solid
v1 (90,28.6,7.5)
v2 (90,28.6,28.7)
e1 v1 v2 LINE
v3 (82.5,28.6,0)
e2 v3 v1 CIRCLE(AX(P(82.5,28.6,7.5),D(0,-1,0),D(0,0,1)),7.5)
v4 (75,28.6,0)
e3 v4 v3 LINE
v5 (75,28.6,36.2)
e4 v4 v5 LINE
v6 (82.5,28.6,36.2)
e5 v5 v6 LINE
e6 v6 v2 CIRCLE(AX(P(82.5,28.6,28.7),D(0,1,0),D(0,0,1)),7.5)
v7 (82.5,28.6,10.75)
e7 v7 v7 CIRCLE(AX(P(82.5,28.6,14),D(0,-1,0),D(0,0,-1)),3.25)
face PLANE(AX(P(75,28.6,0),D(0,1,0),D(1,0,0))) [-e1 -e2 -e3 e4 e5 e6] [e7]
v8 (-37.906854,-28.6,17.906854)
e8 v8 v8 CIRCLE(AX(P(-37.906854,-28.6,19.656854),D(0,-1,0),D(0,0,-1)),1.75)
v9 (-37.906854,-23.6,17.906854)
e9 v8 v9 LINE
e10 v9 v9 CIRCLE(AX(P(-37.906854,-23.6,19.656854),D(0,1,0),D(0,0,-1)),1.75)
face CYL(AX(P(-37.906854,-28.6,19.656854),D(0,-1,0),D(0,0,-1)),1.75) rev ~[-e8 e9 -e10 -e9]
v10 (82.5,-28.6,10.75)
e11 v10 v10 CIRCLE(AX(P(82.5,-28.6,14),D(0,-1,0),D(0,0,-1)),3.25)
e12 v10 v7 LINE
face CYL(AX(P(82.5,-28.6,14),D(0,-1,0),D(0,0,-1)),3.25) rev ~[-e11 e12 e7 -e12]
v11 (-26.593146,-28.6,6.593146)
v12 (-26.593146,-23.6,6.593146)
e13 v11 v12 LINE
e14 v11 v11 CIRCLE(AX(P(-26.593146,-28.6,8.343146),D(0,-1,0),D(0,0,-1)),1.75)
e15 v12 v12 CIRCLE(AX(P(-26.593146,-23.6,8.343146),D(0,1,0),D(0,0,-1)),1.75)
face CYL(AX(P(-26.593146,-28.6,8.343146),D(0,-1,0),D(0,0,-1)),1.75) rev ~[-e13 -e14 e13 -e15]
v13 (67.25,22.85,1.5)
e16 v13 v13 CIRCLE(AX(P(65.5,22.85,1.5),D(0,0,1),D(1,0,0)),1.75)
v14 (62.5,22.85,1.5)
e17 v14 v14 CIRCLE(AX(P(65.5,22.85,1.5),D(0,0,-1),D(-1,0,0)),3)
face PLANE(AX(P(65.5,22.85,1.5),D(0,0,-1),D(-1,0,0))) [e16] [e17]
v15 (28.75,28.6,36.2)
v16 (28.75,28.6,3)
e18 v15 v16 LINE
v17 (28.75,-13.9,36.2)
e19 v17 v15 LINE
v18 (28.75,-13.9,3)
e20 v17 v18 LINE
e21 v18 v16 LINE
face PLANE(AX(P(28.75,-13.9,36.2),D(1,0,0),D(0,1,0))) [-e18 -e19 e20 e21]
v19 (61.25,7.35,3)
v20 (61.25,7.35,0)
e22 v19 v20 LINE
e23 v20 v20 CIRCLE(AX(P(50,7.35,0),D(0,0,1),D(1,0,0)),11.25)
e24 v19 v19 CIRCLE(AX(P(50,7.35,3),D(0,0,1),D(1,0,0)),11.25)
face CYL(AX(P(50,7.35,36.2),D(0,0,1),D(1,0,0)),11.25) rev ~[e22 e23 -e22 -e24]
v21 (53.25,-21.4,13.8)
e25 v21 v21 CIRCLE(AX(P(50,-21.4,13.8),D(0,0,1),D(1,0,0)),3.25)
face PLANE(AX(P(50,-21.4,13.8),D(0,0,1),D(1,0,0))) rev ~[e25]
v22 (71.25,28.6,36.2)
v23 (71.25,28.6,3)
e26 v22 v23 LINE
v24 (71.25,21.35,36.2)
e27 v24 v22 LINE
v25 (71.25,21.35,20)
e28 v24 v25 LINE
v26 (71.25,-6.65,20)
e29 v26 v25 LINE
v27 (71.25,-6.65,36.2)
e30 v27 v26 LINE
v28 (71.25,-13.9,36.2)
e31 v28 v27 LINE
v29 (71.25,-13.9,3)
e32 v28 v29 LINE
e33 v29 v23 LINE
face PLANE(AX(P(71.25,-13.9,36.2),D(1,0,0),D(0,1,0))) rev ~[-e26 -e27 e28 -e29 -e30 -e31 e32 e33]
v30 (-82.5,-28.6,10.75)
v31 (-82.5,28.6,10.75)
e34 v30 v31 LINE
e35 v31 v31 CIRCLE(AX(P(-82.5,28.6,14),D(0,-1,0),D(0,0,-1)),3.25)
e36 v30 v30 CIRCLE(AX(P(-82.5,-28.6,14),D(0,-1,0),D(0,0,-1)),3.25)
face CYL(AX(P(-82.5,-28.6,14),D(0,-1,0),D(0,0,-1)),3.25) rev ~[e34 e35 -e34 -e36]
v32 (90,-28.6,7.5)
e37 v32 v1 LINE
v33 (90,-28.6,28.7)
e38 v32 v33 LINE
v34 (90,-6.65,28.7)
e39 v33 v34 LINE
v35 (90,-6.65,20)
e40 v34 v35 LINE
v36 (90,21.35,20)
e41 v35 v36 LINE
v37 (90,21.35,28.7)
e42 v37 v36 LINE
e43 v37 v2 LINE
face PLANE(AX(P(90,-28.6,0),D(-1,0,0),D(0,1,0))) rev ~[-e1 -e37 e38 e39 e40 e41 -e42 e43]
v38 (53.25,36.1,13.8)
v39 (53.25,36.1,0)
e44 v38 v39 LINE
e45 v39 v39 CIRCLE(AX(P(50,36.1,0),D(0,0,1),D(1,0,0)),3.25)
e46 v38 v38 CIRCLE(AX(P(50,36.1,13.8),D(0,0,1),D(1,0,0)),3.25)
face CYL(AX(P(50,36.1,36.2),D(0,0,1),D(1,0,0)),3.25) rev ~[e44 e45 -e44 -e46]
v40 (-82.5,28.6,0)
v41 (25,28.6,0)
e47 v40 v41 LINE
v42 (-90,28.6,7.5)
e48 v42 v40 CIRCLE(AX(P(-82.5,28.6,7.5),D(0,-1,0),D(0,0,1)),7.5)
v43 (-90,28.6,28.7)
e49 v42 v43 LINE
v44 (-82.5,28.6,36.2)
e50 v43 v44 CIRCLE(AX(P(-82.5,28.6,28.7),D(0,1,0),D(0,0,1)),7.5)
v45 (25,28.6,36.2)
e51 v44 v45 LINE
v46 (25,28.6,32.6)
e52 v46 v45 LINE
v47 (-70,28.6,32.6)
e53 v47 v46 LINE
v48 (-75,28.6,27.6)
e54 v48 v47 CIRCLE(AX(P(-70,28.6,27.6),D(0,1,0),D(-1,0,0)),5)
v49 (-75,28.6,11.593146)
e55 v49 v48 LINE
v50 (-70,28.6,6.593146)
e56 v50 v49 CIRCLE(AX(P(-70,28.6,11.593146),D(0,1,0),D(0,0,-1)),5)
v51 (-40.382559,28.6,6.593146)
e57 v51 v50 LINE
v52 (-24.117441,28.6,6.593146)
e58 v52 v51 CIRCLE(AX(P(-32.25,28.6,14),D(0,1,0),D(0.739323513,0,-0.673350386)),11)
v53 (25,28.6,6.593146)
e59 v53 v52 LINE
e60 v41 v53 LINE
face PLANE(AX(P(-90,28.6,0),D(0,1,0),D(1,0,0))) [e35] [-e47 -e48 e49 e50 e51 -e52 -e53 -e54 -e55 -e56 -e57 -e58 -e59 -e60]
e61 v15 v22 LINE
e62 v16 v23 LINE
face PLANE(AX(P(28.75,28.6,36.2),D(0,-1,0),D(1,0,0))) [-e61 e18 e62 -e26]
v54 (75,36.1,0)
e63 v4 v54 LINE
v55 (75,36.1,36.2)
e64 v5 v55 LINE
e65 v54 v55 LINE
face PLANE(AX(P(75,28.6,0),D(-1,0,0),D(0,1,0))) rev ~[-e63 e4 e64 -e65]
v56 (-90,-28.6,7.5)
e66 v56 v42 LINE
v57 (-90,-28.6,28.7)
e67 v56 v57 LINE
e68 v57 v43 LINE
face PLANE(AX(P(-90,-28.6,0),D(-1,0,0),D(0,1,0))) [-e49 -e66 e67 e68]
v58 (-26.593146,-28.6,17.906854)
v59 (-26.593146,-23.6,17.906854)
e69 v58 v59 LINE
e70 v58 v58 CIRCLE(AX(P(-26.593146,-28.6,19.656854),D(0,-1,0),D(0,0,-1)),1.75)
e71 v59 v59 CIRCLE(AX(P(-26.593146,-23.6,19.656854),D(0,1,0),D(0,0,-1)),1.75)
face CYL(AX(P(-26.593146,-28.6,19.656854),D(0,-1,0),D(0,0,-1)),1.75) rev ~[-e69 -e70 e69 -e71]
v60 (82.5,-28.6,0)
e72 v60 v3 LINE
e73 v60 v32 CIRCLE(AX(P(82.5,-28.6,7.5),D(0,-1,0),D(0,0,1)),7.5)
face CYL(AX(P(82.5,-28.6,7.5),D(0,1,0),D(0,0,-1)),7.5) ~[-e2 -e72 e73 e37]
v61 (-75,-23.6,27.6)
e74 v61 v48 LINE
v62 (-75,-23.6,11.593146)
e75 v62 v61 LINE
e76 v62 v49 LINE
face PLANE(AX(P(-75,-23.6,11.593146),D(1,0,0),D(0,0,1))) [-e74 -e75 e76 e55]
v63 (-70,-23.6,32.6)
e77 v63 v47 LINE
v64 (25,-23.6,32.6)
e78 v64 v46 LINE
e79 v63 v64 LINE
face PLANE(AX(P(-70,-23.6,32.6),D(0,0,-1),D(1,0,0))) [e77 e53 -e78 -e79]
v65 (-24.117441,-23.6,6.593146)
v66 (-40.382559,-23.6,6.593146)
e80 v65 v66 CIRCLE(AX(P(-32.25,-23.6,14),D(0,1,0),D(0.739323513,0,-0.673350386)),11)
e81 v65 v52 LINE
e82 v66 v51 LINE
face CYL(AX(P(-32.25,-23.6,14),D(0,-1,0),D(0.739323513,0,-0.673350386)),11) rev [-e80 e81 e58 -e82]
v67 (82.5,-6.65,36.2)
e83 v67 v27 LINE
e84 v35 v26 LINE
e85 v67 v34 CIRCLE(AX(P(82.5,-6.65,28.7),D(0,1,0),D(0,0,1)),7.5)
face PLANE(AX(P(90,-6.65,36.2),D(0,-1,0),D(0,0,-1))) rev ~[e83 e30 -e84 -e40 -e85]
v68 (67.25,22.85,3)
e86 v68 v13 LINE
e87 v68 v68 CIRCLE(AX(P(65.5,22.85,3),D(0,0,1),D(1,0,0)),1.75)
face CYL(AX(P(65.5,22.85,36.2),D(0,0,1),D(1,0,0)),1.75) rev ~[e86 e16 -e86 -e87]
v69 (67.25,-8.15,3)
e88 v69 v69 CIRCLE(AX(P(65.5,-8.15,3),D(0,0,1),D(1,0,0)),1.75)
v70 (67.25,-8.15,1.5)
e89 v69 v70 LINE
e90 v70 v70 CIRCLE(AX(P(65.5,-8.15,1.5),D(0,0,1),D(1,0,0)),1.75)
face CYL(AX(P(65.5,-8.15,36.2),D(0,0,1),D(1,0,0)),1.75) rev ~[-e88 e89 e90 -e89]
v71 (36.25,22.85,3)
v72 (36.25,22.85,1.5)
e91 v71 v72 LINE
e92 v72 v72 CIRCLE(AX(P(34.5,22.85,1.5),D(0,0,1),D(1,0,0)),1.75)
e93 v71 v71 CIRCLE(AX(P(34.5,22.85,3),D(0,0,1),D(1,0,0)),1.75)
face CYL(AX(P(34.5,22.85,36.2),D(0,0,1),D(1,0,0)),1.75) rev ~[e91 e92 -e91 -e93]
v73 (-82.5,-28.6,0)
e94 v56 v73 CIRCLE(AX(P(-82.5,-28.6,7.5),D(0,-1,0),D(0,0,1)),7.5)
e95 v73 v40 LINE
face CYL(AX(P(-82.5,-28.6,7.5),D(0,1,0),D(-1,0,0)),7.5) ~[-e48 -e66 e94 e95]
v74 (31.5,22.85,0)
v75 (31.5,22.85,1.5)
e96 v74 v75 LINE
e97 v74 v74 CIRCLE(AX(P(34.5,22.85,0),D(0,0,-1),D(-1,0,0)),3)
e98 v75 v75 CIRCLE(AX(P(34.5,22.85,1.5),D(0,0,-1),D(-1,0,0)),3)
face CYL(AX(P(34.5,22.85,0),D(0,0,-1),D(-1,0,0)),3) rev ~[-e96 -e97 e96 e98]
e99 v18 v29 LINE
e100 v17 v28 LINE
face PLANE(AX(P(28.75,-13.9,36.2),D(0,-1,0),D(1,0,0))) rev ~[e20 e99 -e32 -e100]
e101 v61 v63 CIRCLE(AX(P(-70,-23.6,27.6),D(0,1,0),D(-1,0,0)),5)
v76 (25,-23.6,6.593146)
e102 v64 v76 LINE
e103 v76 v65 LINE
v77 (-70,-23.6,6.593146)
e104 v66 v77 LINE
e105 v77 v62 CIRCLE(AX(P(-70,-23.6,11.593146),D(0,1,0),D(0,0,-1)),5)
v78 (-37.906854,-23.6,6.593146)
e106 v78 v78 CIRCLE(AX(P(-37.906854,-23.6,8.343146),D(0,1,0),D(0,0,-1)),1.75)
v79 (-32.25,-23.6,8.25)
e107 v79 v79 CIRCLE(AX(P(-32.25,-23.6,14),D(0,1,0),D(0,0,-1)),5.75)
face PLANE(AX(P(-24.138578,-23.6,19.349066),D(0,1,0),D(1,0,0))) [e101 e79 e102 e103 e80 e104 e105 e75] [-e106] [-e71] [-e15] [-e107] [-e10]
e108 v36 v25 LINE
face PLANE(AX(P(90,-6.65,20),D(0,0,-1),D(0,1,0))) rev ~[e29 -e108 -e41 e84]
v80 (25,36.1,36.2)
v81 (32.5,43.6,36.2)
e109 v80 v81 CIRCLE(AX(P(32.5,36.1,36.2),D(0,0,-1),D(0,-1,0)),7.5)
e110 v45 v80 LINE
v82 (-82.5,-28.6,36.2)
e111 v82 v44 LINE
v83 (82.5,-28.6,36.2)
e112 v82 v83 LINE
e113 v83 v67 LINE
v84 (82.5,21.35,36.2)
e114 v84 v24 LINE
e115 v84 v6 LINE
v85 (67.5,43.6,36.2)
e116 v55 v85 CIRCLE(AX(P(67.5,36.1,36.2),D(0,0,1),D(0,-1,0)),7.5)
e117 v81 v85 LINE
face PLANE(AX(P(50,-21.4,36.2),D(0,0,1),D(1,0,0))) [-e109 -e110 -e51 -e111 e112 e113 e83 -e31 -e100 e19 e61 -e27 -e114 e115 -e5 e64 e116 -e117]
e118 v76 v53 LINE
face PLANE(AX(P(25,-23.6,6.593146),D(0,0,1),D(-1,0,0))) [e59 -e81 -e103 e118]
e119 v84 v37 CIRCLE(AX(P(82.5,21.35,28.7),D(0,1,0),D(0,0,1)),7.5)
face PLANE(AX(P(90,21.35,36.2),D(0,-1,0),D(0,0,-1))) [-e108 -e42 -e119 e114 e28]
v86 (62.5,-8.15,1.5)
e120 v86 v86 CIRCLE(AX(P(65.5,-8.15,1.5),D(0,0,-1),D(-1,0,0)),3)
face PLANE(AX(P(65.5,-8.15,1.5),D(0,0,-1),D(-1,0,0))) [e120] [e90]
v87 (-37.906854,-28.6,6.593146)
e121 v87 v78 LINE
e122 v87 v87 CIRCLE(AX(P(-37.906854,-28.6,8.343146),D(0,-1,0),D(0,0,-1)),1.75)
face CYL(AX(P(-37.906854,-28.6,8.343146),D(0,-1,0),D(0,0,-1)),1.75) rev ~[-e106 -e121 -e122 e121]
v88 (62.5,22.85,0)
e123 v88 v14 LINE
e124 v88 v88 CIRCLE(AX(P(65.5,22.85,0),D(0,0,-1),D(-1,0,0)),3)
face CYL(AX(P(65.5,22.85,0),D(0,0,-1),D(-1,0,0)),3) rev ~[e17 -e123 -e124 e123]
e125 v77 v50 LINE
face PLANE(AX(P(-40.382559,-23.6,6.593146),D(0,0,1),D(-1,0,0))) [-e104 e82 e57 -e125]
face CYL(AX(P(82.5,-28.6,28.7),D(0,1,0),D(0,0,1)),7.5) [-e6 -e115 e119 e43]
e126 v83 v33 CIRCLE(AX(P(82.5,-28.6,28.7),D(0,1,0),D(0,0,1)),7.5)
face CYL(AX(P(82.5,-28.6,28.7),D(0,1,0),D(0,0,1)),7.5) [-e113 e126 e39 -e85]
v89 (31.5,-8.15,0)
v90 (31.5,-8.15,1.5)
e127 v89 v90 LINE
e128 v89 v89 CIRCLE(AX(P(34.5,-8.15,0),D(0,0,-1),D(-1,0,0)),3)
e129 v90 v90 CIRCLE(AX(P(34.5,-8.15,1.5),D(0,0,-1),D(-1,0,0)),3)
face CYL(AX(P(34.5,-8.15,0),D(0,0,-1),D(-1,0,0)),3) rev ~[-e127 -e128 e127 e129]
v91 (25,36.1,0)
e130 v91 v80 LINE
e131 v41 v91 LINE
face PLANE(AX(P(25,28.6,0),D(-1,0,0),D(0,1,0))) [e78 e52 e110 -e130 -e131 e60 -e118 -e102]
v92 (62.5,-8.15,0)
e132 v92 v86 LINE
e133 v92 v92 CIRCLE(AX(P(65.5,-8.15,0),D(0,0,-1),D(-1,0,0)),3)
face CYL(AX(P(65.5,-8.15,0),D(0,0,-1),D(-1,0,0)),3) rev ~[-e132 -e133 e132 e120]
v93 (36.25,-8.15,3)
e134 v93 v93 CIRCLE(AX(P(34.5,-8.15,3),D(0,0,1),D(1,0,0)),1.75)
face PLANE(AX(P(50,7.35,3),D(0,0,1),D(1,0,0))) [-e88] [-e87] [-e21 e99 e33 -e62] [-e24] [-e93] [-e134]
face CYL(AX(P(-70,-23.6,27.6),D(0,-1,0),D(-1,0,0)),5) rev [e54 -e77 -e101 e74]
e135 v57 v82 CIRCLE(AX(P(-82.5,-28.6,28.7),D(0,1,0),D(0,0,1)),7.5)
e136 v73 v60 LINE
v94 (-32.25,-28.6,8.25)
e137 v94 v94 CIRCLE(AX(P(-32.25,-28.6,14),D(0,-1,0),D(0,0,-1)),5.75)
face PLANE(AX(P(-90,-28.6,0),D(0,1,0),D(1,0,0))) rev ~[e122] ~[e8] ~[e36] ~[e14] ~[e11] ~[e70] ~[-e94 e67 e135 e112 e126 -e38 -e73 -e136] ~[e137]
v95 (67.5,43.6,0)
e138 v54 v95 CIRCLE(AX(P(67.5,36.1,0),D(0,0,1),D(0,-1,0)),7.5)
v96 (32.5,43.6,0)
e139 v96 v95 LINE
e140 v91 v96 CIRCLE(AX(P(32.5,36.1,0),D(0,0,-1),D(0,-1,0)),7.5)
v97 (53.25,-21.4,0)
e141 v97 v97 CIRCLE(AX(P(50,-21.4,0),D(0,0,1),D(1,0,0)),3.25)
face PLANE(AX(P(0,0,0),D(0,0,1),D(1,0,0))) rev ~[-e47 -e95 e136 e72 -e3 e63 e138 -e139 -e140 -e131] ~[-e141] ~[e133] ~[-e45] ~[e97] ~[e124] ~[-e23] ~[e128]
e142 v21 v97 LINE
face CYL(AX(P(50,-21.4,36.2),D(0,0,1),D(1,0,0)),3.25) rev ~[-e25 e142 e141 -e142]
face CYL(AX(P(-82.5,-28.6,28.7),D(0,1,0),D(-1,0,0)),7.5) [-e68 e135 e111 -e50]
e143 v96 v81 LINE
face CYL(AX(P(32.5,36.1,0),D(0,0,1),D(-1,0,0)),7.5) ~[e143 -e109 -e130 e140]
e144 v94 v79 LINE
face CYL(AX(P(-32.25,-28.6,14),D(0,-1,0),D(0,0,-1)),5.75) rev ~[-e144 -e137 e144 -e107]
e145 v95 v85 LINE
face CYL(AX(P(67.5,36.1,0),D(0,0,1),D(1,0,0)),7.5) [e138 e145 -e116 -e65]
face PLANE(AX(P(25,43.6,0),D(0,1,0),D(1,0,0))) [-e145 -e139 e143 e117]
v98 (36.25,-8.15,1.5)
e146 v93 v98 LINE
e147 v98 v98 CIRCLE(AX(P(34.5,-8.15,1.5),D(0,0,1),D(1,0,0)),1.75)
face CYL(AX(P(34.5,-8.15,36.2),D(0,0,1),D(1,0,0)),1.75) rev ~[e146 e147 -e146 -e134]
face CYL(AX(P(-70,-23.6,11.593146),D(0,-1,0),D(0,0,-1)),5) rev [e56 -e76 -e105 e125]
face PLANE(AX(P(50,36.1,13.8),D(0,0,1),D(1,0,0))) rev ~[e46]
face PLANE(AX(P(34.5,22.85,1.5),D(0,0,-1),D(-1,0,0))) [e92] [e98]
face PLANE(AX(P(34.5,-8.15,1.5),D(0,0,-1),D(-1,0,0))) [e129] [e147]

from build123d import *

# Parameters (mm, degrees)
SKETCH1_W           = 180
SKETCH1_H           = 57.2
SKETCH1_W_2         = 50
SKETCH1_H_2         = 15
BOSS_EXTRUDE1_DEPTH = 36.2
SKETCH2_R           = 3.25
SKETCH2_R_2         = 5.75
SKETCH2_R_3         = 1.75
CUT_EXTRUDE1_DEPTH  = 57.2
FILLET1_R           = 7.5
CUT_EXTRUDE3_START  = -52.2
SKETCH3_R           = 1.75
SKETCH3_R_2         = 5.75
CUT_EXTRUDE3_DEPTH  = 52.2
SKETCH4_W           = 42.5
SKETCH4_H           = 42.5
SKETCH4_R           = 11.25
SKETCH4_R_2         = 1.75
CUT_EXTRUDE4_DEPTH  = 33.2
SKETCH4_3_R         = 11.25
SKETCH4_3_R_2       = 1.75
CUT_EXTRUDE5_DEPTH  = 36.2
FILLET2_R           = 7.5
SKETCH8_R           = 3
CUT_EXTRUDE8_DEPTH  = 1.5
SKETCH7_R           = 3.25
CUT_EXTRUDE7_DEPTH  = 36.2
SKETCH7_2_R         = 3.25
BOSS_EXTRUDE3_DEPTH = 22.4
CUT_EXTRUDE9_REACH  = 190.71
SKETCH9_W           = 16.2
SKETCH9_H           = 28


with BuildPart() as part:
    # Sketch1 → Boss-Extrude1 (new body)
    with BuildSketch(Plane.XY):
        Rectangle(SKETCH1_W, SKETCH1_H)
        with Locations((50, 36.1)):
            Rectangle(SKETCH1_W_2, SKETCH1_H_2)
    extrude(amount=BOSS_EXTRUDE1_DEPTH)

    # Sketch2 → Cut-Extrude1 (cut)
    with BuildSketch(Plane.XZ.offset(28.6)):
        with Locations(Location((-82.5, 14, 0), (0, 0, 270))):
            Circle(SKETCH2_R)
        with Locations(Location((-32.25, 14, 0), (0, 0, 270))):
            Circle(SKETCH2_R_2)
        with Locations(Location((-37.906854249, 19.656854249, 0), (0, 0, 270))):
            Circle(SKETCH2_R_3)
        with Locations(Location((-26.593145751, 19.656854249, 0), (0, 0, 270))):
            Circle(SKETCH2_R_3)
        with Locations(Location((-37.906854249, 8.343145751, 0), (0, 0, 270))):
            Circle(SKETCH2_R_3)
        with Locations(Location((-26.593145751, 8.343145751, 0), (0, 0, 270))):
            Circle(SKETCH2_R_3)
        with Locations(Location((82.5, 14, 0), (0, 0, 270))):
            Circle(SKETCH2_R)
    extrude(amount=-CUT_EXTRUDE1_DEPTH, mode=Mode.SUBTRACT)

    # Fillet1
    fillet1_edges = [part.edges().sort_by_distance(p)[0] for p in [
        (-90, 0, 0),
        (90, 0, 0),
        (-90, 0, 36.2),
        (90, 0, 36.2),
    ]]
    fillet(fillet1_edges, radius=FILLET1_R)

    # Sketch3 → Cut-Extrude3 (cut)
    with BuildSketch(Plane(origin=(0, 28.6, 0), x_dir=(1, 0, 0), z_dir=(0, 1, 0)).offset(CUT_EXTRUDE3_START)):
        with BuildLine():
            Line((-40.382558646, -6.593145751), (-70, -6.593145751))
            ThreePointArc((-70, -6.593145751), (-73.535533906, -8.057611845), (-75, -11.593145751))
            Line((-75, -11.593145751), (-75, -27.6))
            ThreePointArc((-75, -27.6), (-73.535533906, -31.135533906), (-70, -32.6))
            Line((-70, -32.6), (25, -32.6))
            Line((25, -32.6), (25, -6.593145751))
            Line((25, -6.593145751), (-24.117441354, -6.593145751))
            ThreePointArc((-24.117441354, -6.593145751), (-32.25, -3), (-40.382558646, -6.593145751))
        make_face()
        with Locations(Location((-26.593145751, -8.343145751, 0), (0, 0, 90))):
            Circle(SKETCH3_R, mode=Mode.SUBTRACT)
        with Locations(Location((-37.906854249, -19.656854249, 0), (0, 0, 90))):
            Circle(SKETCH3_R, mode=Mode.SUBTRACT)
        with Locations(Location((-26.593145751, -19.656854249, 0), (0, 0, 90))):
            Circle(SKETCH3_R, mode=Mode.SUBTRACT)
        with Locations(Location((-37.906854249, -8.343145751, 0), (0, 0, 90))):
            Circle(SKETCH3_R, mode=Mode.SUBTRACT)
        with Locations(Location((-32.25, -14, 0), (0, 0, 90))):
            Circle(SKETCH3_R_2, mode=Mode.SUBTRACT)
    extrude(amount=CUT_EXTRUDE3_DEPTH, mode=Mode.SUBTRACT)

    # Sketch4 → Cut-Extrude4 (cut)
    with BuildSketch(Plane.XY.offset(36.2)):
        with Locations((50, 7.35)):
            Rectangle(SKETCH4_W, SKETCH4_H)
        with Locations((50, 7.35)):
            Circle(SKETCH4_R, mode=Mode.SUBTRACT)
        with Locations((34.5, 22.85)):
            Circle(SKETCH4_R_2, mode=Mode.SUBTRACT)
        with Locations((65.5, 22.85)):
            Circle(SKETCH4_R_2, mode=Mode.SUBTRACT)
        with Locations((65.5, -8.15)):
            Circle(SKETCH4_R_2, mode=Mode.SUBTRACT)
        with Locations((34.5, -8.15)):
            Circle(SKETCH4_R_2, mode=Mode.SUBTRACT)
    extrude(amount=-CUT_EXTRUDE4_DEPTH, mode=Mode.SUBTRACT)

    # Sketch4<3> → Cut-Extrude5 (cut)
    with BuildSketch(Plane.XY.offset(36.2)):
        with Locations((50, 7.35)):
            Circle(SKETCH4_3_R)
        with Locations((34.5, 22.85)):
            Circle(SKETCH4_3_R_2)
        with Locations((65.5, 22.85)):
            Circle(SKETCH4_3_R_2)
        with Locations((65.5, -8.15)):
            Circle(SKETCH4_3_R_2)
        with Locations((34.5, -8.15)):
            Circle(SKETCH4_3_R_2)
    extrude(amount=-CUT_EXTRUDE5_DEPTH, mode=Mode.SUBTRACT)

    # Fillet2
    fillet2_edges = [part.edges().sort_by_distance(p)[0] for p in [
        (25, 43.6, 18.1),
        (75, 43.6, 18.1),
    ]]
    fillet(fillet2_edges, radius=FILLET2_R)

    # Sketch8 → Cut-Extrude8 (cut)
    with BuildSketch(Plane(origin=(0, 0, 0), x_dir=(-1, 0, 0), z_dir=(0, 0, -1))):
        with Locations((-65.5, 22.85)):
            Circle(SKETCH8_R)
        with Locations((-34.5, 22.85)):
            Circle(SKETCH8_R)
        with Locations((-34.5, -8.15)):
            Circle(SKETCH8_R)
        with Locations((-65.5, -8.15)):
            Circle(SKETCH8_R)
    extrude(amount=-CUT_EXTRUDE8_DEPTH, mode=Mode.SUBTRACT)

    # Sketch7 → Cut-Extrude7 (cut)
    with BuildSketch(Plane.XY.offset(36.2)):
        with Locations((50, -21.4)):
            Circle(SKETCH7_R)
        with Locations((50, 36.1)):
            Circle(SKETCH7_R)
    extrude(amount=-CUT_EXTRUDE7_DEPTH, mode=Mode.SUBTRACT)

    # Sketch7<2> → Boss-Extrude3 (add)
    with BuildSketch(Plane.XY.offset(36.2)):
        with Locations((50, -21.4)):
            Circle(SKETCH7_2_R)
        with Locations((50, 36.1)):
            Circle(SKETCH7_2_R)
    extrude(amount=-BOSS_EXTRUDE3_DEPTH)

    # Cut-Extrude9: up to this face of the body (flat: up to its plane)
    cut_extrude9_end = Plane(part.part.faces().sort_by_distance((71.25, 7.35, 19.6))[0])
    # Sketch9 → Cut-Extrude9 (cut, up to the picked face)
    with BuildSketch(Plane(origin=(90, 0, 0), x_dir=(0, 0, -1), z_dir=(1, 0, 0)), mode=Mode.PRIVATE) as cut_extrude9_sk1:
        with Locations((-28.1, 7.35)):
            Rectangle(SKETCH9_W, SKETCH9_H)
    cut_extrude9_tool1 = split(extrude(cut_extrude9_sk1.sketch, amount=-CUT_EXTRUDE9_REACH, mode=Mode.PRIVATE), bisect_by=cut_extrude9_end, keep=Keep.BOTH, mode=Mode.PRIVATE)
    add(cut_extrude9_tool1.solids().sort_by(Axis((90, 7.35, 28.1), (-1, 0, 0)))[0], mode=Mode.SUBTRACT)


solid = part.part
